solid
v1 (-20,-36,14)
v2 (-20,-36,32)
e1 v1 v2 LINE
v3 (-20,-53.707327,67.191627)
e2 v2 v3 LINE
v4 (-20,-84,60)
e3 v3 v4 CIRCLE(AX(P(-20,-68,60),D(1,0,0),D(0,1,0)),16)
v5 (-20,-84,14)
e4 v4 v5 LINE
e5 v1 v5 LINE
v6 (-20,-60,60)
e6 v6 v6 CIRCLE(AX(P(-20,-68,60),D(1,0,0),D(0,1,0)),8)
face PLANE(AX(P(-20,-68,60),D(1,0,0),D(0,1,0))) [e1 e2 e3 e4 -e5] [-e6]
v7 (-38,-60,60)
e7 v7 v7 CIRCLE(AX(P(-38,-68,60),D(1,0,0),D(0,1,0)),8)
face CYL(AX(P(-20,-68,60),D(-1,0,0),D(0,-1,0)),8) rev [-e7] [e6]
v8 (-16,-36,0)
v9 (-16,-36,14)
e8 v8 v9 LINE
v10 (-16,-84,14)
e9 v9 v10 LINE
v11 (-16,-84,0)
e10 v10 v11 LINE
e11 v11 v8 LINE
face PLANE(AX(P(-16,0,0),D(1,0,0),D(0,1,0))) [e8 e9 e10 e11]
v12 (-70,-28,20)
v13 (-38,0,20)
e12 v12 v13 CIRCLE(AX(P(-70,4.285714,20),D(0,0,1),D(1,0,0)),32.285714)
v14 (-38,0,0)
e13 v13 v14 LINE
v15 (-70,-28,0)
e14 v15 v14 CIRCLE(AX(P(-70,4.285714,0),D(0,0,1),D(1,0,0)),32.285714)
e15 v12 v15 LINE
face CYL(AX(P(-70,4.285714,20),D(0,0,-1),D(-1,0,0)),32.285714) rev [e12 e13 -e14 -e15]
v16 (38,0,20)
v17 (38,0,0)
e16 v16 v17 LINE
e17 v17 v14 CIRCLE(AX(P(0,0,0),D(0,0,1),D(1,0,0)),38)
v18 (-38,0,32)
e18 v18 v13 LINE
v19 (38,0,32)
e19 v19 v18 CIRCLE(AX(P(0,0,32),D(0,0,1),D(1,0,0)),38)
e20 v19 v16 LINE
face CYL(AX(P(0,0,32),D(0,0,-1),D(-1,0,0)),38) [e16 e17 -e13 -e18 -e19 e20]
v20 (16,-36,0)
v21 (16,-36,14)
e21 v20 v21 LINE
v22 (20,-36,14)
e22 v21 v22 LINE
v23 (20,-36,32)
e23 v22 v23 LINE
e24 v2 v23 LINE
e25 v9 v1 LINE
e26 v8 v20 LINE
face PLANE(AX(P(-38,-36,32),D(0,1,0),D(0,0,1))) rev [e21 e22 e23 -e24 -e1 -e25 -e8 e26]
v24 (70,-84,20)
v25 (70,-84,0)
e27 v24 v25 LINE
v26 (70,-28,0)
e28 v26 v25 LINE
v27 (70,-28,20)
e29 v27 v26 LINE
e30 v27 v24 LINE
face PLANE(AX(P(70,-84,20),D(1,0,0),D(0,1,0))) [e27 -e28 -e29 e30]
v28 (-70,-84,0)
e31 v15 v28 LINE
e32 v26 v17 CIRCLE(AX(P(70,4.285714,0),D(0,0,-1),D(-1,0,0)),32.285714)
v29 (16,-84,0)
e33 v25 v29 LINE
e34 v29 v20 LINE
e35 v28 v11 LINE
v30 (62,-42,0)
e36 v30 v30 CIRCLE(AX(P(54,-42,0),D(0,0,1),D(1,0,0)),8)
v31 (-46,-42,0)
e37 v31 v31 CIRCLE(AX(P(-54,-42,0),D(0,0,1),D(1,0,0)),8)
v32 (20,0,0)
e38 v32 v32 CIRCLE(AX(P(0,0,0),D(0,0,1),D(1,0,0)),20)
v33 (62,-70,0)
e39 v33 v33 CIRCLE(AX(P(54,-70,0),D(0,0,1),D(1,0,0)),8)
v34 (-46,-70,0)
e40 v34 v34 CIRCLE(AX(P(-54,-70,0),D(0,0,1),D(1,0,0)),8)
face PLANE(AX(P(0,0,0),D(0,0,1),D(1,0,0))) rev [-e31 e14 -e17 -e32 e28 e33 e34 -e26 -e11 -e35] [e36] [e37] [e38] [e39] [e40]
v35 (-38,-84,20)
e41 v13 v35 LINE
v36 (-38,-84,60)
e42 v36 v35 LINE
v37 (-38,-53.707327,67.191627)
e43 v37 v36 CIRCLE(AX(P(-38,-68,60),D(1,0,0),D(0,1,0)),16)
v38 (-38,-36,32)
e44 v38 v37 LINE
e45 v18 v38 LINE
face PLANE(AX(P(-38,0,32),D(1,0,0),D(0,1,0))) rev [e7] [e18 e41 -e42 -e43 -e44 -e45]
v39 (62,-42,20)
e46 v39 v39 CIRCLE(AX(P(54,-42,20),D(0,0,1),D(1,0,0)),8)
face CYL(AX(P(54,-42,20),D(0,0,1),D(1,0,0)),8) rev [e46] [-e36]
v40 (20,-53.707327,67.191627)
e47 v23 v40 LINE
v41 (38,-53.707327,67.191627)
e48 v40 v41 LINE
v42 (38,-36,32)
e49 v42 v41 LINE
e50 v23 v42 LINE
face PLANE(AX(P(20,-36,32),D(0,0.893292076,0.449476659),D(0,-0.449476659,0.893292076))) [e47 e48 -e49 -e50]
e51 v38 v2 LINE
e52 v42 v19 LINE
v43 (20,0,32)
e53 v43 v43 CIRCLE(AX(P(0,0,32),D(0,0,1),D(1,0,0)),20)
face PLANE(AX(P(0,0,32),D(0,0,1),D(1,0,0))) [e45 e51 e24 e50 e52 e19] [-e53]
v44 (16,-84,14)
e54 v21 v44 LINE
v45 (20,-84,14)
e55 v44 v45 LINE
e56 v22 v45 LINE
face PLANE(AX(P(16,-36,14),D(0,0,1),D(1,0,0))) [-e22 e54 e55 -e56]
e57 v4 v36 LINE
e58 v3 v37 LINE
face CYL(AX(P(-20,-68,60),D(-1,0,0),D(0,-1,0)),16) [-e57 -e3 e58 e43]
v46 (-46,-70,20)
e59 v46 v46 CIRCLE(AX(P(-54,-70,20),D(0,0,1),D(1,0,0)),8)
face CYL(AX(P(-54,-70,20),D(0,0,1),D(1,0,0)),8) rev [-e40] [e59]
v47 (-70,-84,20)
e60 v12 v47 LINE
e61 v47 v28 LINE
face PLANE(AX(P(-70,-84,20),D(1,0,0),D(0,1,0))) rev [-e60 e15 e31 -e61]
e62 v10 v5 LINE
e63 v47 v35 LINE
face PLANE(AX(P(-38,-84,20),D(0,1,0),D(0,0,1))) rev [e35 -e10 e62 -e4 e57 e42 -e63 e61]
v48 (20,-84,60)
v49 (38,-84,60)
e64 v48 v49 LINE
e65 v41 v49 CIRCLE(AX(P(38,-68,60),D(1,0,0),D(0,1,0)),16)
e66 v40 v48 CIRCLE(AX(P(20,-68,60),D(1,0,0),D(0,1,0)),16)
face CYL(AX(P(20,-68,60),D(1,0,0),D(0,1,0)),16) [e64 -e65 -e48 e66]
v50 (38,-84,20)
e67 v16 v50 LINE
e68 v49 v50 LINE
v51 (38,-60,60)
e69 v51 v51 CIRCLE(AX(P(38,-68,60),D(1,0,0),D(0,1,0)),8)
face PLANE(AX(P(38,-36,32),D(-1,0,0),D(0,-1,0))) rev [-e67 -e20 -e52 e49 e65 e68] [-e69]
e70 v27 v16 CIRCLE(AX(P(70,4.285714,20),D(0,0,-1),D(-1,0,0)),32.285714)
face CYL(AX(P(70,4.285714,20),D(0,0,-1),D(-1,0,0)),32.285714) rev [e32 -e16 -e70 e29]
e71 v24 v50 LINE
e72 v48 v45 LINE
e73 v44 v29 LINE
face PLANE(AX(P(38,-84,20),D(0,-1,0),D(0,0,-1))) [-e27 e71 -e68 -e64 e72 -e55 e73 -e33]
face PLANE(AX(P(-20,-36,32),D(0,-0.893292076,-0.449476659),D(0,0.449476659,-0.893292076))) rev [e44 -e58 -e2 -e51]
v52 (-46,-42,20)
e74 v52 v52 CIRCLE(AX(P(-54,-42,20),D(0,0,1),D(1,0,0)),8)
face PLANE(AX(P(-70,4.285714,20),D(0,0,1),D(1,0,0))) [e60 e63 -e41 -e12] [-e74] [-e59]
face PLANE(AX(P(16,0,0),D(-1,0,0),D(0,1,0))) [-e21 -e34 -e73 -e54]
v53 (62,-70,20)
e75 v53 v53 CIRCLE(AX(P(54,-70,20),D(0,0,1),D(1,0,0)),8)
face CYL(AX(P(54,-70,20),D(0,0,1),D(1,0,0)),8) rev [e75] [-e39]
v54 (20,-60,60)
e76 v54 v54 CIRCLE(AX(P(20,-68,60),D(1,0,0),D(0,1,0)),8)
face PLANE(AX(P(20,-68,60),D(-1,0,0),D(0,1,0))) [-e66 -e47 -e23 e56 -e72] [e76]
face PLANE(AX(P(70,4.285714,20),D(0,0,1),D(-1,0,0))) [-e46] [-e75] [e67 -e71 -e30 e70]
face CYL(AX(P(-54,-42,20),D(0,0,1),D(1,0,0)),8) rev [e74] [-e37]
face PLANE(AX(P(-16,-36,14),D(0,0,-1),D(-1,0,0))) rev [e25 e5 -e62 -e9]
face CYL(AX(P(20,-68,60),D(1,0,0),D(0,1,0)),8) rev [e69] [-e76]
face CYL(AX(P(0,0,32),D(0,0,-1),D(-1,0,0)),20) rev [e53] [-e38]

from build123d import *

# Parameters (mm, degrees)
SKETCH1_R              = 20
BOSS_EXTRUDE1_DEPTH    = 32
BOSS_EXTRUDE3_DEPTH    = 20
SKETCH16_W             = 32
SKETCH16_H             = 56
BOSS_EXTRUDE4_DEPTH    = 20
F_16_0MM_DOWEL_HOLE3_D = 16
LPATTERN5_COUNT        = 2
LPATTERN5_PITCH        = 28
MIRROR5_COPY_1_D       = 16
SKETCH25_R             = 8
BOSS_EXTRUDE6_DEPTH    = 18
SKETCH26_W             = 14
SKETCH26_H             = 48
BOSS_EXTRUDE7_DEPTH    = 4


with BuildPart() as part:
    # Sketch1 → Boss-Extrude1 (new body)
    with BuildSketch(Plane.XY):
        with BuildLine():
            Line((-38, 0), (-38, -36))
            Line((-38, -36), (38, -36))
            Line((38, -36), (38, 0))
            ThreePointArc((38, 0), (0, 38), (-38, 0))
        make_face()
        Circle(SKETCH1_R, mode=Mode.SUBTRACT)
    extrude(amount=BOSS_EXTRUDE1_DEPTH)

    # Sketch15 → Boss-Extrude3 (add)
    with BuildSketch(Plane.XY):
        with BuildLine():
            Line((-70, -28), (-38, -28))
            Line((-38, -28), (-38, 0))
            ThreePointArc((-38, 0), (-48.739708375, -20.011761858), (-70, -28))
        make_face()
    boss_extrude3 = extrude(amount=BOSS_EXTRUDE3_DEPTH)

    # Sketch16 → Boss-Extrude4 (add)
    with BuildSketch(Plane.XY):
        with Locations((-54, -56)):
            Rectangle(SKETCH16_W, SKETCH16_H)
    boss_extrude4 = extrude(amount=BOSS_EXTRUDE4_DEPTH)

    # Ø16.0mm Dowel Hole3 (through all)
    with Locations(Plane.XY.offset(20)):
        with Locations((-54, -42)):
            f_16_0mm_dowel_hole3 = Hole(F_16_0MM_DOWEL_HOLE3_D / 2)

    # LPattern5: Ø16.0mm Dowel Hole3 ×2
    with Locations(*[(0, -i * LPATTERN5_PITCH, 0) for i in range(1, LPATTERN5_COUNT)]):
        add(f_16_0mm_dowel_hole3, mode=Mode.SUBTRACT)

    # Mirror5: Boss-Extrude4, Boss-Extrude3, Ø16.0mm Dowel Hole3 across plane
    add(boss_extrude4.mirror(Plane(origin=(0, 0, 0), x_dir=(0, 0, 1), z_dir=(1, 0, 0))))
    add(boss_extrude3.mirror(Plane(origin=(0, 0, 0), x_dir=(0, 0, 1), z_dir=(1, 0, 0))))
    add(f_16_0mm_dowel_hole3.mirror(Plane(origin=(0, 0, 0), x_dir=(0, 0, 1), z_dir=(1, 0, 0))), mode=Mode.SUBTRACT)

    # Mirror5 copy 1 (through all)
    with Locations(Plane(origin=(0, -28, 20), x_dir=(-1, 0, 0), z_dir=(0, 0, 1))):
        with Locations((-54, 42)):
            Hole(MIRROR5_COPY_1_D / 2)

    # Sketch25 → Boss-Extrude6 (add)
    with BuildSketch(Plane(origin=(-38, 0, 0), x_dir=(0, 0, -1), z_dir=(1, 0, 0))):
        with BuildLine():
            Line((0, -84), (-60, -84))
            ThreePointArc((-60, -84), (-75.567317873, -71.695756248), (-67.191626537, -53.707326781))
            Line((-67.191626537, -53.707326781), (-32, -36))
            Line((-32, -36), (0, -36))
            Line((0, -36), (0, -84))
        make_face()
        with Locations(Location((-60, -68, 0), (0, 0, 90))):  # turned: the seam where the file's is
            Circle(SKETCH25_R, mode=Mode.SUBTRACT)
    boss_extrude6 = extrude(amount=BOSS_EXTRUDE6_DEPTH)

    # Sketch26 → Boss-Extrude7 (add)
    with BuildSketch(Plane(origin=(-20, 0, 0), x_dir=(0, 0, -1), z_dir=(1, 0, 0))):
        with Locations((-7, -60)):
            Rectangle(SKETCH26_W, SKETCH26_H)
    boss_extrude7 = extrude(amount=BOSS_EXTRUDE7_DEPTH)

    # Mirror6: Boss-Extrude6, Boss-Extrude7 across plane
    add(boss_extrude6.mirror(Plane(origin=(0, 0, 0), x_dir=(0, 0, 1), z_dir=(1, 0, 0))))
    add(boss_extrude7.mirror(Plane(origin=(0, 0, 0), x_dir=(0, 0, 1), z_dir=(1, 0, 0))))


solid = part.part
